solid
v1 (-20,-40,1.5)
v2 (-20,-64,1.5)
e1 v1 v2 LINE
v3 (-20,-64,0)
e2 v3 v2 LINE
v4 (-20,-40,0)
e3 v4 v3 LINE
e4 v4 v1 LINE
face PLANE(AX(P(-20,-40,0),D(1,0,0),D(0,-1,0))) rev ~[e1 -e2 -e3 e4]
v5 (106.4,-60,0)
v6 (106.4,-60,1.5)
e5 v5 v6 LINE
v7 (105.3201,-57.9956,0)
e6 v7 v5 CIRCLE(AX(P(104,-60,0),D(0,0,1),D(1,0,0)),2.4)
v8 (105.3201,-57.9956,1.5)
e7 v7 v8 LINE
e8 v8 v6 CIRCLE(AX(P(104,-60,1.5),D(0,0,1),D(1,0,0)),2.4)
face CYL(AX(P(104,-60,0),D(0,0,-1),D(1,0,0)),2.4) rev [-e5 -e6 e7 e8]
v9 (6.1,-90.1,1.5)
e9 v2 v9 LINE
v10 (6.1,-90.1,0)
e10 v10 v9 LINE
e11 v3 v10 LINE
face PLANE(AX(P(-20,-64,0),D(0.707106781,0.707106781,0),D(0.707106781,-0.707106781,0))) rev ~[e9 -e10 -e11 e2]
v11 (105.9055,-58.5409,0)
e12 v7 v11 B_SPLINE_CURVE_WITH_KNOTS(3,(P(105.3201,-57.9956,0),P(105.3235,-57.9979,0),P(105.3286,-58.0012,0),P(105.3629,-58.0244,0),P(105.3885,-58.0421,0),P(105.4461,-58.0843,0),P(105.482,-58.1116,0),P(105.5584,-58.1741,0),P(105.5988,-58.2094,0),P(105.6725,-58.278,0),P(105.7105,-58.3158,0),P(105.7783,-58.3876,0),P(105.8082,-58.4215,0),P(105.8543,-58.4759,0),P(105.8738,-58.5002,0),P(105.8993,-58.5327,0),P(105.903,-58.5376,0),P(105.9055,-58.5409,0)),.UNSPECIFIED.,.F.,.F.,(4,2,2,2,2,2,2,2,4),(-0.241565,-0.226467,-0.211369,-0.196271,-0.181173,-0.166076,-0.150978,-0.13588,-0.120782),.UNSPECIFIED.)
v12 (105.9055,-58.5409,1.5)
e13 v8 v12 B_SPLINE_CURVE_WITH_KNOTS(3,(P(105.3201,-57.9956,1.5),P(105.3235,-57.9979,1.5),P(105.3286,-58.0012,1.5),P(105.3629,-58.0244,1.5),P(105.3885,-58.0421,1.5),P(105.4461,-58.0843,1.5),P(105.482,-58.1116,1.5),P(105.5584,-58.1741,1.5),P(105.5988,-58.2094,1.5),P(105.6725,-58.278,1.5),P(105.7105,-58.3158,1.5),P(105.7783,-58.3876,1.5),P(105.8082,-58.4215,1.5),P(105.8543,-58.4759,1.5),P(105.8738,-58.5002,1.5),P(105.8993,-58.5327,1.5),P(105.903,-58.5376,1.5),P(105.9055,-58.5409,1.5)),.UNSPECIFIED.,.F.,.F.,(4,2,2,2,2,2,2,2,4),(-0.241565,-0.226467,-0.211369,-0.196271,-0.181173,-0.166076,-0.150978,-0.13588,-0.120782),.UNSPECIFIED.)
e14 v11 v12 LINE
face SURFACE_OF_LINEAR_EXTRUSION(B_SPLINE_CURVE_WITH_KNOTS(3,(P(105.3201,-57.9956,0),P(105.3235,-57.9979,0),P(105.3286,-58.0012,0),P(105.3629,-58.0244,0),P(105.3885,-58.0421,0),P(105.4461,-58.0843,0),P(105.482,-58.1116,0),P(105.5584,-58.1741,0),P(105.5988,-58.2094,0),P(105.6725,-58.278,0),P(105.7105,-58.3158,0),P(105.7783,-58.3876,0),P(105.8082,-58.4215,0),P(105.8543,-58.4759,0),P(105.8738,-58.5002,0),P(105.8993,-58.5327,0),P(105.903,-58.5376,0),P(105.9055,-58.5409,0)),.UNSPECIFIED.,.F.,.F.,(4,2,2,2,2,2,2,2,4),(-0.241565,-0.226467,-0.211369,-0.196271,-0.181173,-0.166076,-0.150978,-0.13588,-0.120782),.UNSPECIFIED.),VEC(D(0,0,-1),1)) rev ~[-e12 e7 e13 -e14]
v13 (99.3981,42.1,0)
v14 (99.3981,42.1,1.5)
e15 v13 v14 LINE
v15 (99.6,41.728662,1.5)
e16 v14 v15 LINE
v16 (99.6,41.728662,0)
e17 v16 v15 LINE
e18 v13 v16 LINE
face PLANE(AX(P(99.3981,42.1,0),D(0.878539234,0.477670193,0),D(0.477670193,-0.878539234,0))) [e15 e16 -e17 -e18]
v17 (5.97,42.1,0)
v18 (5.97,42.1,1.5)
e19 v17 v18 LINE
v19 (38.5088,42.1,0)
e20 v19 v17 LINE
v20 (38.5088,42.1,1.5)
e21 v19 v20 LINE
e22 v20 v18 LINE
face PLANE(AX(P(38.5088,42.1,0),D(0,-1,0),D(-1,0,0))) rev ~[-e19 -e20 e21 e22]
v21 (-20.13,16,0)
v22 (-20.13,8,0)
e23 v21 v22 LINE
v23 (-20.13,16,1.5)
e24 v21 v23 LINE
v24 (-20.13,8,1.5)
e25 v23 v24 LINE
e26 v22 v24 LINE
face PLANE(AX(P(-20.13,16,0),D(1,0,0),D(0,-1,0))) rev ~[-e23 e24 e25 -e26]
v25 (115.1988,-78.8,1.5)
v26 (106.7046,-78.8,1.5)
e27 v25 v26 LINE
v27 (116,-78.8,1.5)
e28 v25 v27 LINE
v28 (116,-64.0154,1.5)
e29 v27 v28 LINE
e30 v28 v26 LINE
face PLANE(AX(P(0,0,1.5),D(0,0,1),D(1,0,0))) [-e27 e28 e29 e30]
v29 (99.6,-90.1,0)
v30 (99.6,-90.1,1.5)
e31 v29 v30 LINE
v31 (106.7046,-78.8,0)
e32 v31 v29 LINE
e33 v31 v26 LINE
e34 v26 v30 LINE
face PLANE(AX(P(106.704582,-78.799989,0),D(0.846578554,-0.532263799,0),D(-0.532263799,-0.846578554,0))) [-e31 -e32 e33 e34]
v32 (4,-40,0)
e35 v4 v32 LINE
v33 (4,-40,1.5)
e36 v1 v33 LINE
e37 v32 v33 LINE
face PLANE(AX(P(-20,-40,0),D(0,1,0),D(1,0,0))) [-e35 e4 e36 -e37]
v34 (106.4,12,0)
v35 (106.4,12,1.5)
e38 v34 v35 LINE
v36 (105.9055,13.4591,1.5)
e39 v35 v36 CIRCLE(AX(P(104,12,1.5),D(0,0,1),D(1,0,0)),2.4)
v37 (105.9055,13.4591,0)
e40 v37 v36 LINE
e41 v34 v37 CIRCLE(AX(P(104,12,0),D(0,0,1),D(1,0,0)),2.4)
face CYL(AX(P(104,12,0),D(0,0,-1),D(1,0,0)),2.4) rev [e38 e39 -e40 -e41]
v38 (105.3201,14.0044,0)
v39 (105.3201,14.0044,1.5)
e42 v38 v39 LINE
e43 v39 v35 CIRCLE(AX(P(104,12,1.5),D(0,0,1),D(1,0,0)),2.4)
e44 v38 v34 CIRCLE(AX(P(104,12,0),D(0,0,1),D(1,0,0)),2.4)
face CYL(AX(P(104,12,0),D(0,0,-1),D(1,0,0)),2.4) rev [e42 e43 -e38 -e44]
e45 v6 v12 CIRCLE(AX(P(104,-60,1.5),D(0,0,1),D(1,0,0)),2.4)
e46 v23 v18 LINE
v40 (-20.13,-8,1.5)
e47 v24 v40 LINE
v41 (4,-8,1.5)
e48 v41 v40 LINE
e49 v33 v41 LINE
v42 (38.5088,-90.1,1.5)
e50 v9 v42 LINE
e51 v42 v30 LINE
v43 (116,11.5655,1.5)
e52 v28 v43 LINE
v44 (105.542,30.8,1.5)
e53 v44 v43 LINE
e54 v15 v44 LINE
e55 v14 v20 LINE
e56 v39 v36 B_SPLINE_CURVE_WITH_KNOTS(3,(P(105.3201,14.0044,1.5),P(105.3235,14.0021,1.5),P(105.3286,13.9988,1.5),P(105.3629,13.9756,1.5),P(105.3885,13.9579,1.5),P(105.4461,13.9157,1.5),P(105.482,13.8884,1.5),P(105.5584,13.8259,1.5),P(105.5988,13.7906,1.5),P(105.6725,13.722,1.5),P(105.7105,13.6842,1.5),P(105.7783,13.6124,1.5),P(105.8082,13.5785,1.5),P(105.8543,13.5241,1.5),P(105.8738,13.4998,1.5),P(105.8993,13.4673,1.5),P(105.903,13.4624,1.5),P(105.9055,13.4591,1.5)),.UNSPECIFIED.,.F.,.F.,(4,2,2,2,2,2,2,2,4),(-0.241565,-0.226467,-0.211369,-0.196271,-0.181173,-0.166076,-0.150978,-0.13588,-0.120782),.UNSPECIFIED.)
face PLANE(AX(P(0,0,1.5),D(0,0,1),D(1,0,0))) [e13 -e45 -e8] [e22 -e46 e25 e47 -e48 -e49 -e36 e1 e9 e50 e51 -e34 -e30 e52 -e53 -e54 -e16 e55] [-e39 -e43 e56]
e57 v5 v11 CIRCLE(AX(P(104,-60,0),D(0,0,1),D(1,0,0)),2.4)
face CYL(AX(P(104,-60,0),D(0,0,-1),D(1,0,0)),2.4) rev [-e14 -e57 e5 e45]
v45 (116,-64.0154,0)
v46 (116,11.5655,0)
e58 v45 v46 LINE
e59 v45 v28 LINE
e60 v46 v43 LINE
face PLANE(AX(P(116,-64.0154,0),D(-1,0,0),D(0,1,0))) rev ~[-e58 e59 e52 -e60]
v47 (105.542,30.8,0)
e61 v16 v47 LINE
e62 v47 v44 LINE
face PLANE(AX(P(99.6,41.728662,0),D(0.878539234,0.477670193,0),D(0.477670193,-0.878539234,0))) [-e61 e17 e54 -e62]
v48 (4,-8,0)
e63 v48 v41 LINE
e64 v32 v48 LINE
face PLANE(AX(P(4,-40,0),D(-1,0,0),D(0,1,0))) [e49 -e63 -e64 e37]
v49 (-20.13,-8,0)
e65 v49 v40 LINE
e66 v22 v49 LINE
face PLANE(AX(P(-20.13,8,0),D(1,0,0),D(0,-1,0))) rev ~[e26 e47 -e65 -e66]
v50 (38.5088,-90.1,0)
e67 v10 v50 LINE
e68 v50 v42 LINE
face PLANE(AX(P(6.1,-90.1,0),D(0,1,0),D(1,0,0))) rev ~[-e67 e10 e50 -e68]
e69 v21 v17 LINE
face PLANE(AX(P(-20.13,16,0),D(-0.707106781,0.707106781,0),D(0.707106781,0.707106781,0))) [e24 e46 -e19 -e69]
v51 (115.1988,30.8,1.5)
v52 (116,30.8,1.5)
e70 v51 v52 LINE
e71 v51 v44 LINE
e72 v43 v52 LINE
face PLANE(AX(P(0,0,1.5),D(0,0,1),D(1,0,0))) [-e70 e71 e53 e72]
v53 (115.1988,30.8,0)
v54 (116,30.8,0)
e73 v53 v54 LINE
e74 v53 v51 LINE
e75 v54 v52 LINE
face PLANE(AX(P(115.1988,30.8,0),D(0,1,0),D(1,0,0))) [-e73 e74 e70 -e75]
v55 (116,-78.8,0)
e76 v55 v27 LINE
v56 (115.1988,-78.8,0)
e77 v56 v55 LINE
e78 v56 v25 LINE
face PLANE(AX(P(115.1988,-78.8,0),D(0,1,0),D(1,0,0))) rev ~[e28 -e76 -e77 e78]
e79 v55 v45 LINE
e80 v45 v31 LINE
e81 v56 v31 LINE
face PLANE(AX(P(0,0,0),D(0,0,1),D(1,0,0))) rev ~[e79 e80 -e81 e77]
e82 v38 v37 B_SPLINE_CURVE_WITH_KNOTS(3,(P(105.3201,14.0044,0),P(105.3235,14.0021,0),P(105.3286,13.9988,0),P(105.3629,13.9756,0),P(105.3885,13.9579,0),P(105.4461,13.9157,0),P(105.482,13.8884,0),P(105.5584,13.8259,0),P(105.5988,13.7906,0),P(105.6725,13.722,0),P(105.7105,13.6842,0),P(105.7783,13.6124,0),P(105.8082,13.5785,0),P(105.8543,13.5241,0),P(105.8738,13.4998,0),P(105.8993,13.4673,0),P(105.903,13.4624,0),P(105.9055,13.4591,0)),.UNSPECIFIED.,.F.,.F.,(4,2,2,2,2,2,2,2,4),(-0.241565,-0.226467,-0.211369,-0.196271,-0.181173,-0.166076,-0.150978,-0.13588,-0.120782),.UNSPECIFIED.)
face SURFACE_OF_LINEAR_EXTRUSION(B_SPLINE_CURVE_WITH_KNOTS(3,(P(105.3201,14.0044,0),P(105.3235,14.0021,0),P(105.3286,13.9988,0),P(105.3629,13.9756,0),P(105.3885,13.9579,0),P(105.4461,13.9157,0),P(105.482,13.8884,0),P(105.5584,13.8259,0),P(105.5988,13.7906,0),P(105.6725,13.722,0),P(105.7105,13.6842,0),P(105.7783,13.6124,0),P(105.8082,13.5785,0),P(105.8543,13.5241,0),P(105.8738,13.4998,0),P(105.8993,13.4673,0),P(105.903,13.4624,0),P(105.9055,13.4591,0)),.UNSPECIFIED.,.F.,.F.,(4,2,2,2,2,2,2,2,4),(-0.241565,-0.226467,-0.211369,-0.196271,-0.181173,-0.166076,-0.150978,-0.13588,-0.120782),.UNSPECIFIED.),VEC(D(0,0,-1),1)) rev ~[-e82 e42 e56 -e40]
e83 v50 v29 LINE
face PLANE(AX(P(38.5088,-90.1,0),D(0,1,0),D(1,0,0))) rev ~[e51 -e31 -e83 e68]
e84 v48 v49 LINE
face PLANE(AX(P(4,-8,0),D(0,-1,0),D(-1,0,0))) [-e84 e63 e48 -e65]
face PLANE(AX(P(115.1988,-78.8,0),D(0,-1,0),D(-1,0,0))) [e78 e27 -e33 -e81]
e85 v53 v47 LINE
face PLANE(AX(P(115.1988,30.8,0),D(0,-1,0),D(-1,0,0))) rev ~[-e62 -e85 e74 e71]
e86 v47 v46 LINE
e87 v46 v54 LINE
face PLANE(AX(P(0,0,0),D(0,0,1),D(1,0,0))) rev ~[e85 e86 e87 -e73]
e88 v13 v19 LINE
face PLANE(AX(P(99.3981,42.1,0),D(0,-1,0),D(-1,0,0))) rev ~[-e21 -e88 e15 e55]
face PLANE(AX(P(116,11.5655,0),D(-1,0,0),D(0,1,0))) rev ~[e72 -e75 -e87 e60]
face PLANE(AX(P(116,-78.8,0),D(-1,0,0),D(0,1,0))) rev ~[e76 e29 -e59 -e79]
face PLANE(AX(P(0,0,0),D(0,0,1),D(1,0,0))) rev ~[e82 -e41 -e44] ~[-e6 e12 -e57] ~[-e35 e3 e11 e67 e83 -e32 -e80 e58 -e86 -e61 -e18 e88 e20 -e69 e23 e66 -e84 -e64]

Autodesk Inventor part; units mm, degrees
ref_plane "YZ Plane" through (0, 0, 0) normal (1, 0, 0) x (0, 1, 0)
ref_plane "XZ Plane" through (0, 0, 0) normal (0, 1, 0) x (-1, 0, 0)
ref_plane "XY Plane" through (0, 0, 0) normal (0, 0, 1) x (1, 0, 0)
sketch "Esboço1" plane through (0, 0, 0) normal (0, 0, 1) x (1, 0, 0)
  line L0 (88, 16) -> (56, 16) projected
  line L1 (88, -64) -> (56, -64) projected
  line L2 (116, -64.0154) -> (116, 11.5655)
  line L3 (-8, -88.1) -> (-8, -95.9) projected
  line L4 (38.5088, -95.9) -> (-8, -95.9) projected
  line L5 (38.5088, -95.9) -> (38.5088, -88.1) projected
  line L6 (38.5088, 47.9) -> (38.5088, 40.1) projected
  line L7 (38.5088, 47.9) -> (-8, 47.9) projected
  line L8 (-8, 40.1) -> (-8, 47.9) projected
  line L9 (99.6, 47.9) -> (99.6, 40.1)
  line L10 (-11.6, -95.9) -> (-11.6, -88.1)
  line L11 (-20, -64) -> (6.1, -90.1)
  line L12 (-20, -64) -> (16.911, -64) construction
  line L13 (-20.13, 16) -> (5.97, 42.1)
  line L14 (-20.13, 16) -> (16.781, 16) construction
  line L15 (99.3981, 42.1) -> (5.97, 42.1)
  line L16 (6.1, -90.1) -> (99.6, -90.1)
  line L17 (116, -64.0154) -> (99.6, -90.1)
  line L18 (99.3981, 42.1) -> (116, 11.5655)
  line L19 (4, -8) -> (-20.13, -8)
  line L20 (-20, -40) -> (4, -40)
  line L21 (4, -40) -> (4, -8)
  line L22 (-20.13, 16) -> (-20.13, -8)
  line L23 (-20, -40) -> (-20, -64)
  spline S0 degree 3 poles (105.3201, 14.0044) (105.3235, 14.0021) (105.3286, 13.9988) (105.3629, 13.9756) (105.3885, 13.9579) (105.4461, 13.9157) (105.482, 13.8884) (105.5584, 13.8259) (105.5988, 13.7906) (105.6725, 13.722) (105.7105, 13.6842) (105.7783, 13.6124) (105.8082, 13.5785) (105.8543, 13.5241) (105.8738, 13.4998) (105.8993, 13.4673) (105.903, 13.4624) (105.9055, 13.4591) knots -0.241565 -0.241565 -0.241565 -0.241565 -0.226467 -0.226467 -0.211369 -0.211369 -0.196271 -0.196271 -0.181173 -0.181173 -0.166076 -0.166076 -0.150978 -0.150978 -0.13588 -0.13588 -0.120782 -0.120782 -0.120782 -0.120782 projected
  circle A0 centre (104, 12) radius 2.4
  spline S1 degree 3 poles (105.3201, -57.9956) (105.3235, -57.9979) (105.3286, -58.0012) (105.3629, -58.0244) (105.3885, -58.0421) (105.4461, -58.0843) (105.482, -58.1116) (105.5584, -58.1741) (105.5988, -58.2094) (105.6725, -58.278) (105.7105, -58.3158) (105.7783, -58.3876) (105.8082, -58.4215) (105.8543, -58.4759) (105.8738, -58.5002) (105.8993, -58.5327) (105.903, -58.5376) (105.9055, -58.5409) knots -0.241565 -0.241565 -0.241565 -0.241565 -0.226467 -0.226467 -0.211369 -0.211369 -0.196271 -0.196271 -0.181173 -0.181173 -0.166076 -0.166076 -0.150978 -0.150978 -0.13588 -0.13588 -0.120782 -0.120782 -0.120782 -0.120782 projected
  circle A1 centre (104, -60) radius 2.4
  line L24 (64, 40.1) -> (96, 40.1) projected
  line L25 (-20.13, -23.115) -> (-20.13, 8) projected
  line L26 (56, -24) -> (88, -24) projected
  line L27 (115.1988, -78.8) -> (116, -78.8) projected
  line L28 (115.1988, 30.8) -> (116, 30.8) projected
  line L29 (116, 30.8) -> (105.542, 30.8)
  line L30 (116, -78.8) -> (106.7046, -78.8)
  line L31 (116, -78.8) -> (116, -64.0154)
  line L32 (116, 11.5655) -> (116, 30.8)
  point P0 (105.4155, 13.9381)
  point P1 (105.8855, 13.4849)
  point P2 (105.4436, -58.0827)
  point P3 (105.8098, -58.4238)
  dimension "d20" = 45
  dimension "d21" = 45
  dimension "d22" = 2
  dimension "d24" = 0
  dimension "d25" = 24
  dimension "d26" = 16
extrude "Extrusão1" add sketch "Esboço1" along normal blind 1.5
properties part number "PCB"
